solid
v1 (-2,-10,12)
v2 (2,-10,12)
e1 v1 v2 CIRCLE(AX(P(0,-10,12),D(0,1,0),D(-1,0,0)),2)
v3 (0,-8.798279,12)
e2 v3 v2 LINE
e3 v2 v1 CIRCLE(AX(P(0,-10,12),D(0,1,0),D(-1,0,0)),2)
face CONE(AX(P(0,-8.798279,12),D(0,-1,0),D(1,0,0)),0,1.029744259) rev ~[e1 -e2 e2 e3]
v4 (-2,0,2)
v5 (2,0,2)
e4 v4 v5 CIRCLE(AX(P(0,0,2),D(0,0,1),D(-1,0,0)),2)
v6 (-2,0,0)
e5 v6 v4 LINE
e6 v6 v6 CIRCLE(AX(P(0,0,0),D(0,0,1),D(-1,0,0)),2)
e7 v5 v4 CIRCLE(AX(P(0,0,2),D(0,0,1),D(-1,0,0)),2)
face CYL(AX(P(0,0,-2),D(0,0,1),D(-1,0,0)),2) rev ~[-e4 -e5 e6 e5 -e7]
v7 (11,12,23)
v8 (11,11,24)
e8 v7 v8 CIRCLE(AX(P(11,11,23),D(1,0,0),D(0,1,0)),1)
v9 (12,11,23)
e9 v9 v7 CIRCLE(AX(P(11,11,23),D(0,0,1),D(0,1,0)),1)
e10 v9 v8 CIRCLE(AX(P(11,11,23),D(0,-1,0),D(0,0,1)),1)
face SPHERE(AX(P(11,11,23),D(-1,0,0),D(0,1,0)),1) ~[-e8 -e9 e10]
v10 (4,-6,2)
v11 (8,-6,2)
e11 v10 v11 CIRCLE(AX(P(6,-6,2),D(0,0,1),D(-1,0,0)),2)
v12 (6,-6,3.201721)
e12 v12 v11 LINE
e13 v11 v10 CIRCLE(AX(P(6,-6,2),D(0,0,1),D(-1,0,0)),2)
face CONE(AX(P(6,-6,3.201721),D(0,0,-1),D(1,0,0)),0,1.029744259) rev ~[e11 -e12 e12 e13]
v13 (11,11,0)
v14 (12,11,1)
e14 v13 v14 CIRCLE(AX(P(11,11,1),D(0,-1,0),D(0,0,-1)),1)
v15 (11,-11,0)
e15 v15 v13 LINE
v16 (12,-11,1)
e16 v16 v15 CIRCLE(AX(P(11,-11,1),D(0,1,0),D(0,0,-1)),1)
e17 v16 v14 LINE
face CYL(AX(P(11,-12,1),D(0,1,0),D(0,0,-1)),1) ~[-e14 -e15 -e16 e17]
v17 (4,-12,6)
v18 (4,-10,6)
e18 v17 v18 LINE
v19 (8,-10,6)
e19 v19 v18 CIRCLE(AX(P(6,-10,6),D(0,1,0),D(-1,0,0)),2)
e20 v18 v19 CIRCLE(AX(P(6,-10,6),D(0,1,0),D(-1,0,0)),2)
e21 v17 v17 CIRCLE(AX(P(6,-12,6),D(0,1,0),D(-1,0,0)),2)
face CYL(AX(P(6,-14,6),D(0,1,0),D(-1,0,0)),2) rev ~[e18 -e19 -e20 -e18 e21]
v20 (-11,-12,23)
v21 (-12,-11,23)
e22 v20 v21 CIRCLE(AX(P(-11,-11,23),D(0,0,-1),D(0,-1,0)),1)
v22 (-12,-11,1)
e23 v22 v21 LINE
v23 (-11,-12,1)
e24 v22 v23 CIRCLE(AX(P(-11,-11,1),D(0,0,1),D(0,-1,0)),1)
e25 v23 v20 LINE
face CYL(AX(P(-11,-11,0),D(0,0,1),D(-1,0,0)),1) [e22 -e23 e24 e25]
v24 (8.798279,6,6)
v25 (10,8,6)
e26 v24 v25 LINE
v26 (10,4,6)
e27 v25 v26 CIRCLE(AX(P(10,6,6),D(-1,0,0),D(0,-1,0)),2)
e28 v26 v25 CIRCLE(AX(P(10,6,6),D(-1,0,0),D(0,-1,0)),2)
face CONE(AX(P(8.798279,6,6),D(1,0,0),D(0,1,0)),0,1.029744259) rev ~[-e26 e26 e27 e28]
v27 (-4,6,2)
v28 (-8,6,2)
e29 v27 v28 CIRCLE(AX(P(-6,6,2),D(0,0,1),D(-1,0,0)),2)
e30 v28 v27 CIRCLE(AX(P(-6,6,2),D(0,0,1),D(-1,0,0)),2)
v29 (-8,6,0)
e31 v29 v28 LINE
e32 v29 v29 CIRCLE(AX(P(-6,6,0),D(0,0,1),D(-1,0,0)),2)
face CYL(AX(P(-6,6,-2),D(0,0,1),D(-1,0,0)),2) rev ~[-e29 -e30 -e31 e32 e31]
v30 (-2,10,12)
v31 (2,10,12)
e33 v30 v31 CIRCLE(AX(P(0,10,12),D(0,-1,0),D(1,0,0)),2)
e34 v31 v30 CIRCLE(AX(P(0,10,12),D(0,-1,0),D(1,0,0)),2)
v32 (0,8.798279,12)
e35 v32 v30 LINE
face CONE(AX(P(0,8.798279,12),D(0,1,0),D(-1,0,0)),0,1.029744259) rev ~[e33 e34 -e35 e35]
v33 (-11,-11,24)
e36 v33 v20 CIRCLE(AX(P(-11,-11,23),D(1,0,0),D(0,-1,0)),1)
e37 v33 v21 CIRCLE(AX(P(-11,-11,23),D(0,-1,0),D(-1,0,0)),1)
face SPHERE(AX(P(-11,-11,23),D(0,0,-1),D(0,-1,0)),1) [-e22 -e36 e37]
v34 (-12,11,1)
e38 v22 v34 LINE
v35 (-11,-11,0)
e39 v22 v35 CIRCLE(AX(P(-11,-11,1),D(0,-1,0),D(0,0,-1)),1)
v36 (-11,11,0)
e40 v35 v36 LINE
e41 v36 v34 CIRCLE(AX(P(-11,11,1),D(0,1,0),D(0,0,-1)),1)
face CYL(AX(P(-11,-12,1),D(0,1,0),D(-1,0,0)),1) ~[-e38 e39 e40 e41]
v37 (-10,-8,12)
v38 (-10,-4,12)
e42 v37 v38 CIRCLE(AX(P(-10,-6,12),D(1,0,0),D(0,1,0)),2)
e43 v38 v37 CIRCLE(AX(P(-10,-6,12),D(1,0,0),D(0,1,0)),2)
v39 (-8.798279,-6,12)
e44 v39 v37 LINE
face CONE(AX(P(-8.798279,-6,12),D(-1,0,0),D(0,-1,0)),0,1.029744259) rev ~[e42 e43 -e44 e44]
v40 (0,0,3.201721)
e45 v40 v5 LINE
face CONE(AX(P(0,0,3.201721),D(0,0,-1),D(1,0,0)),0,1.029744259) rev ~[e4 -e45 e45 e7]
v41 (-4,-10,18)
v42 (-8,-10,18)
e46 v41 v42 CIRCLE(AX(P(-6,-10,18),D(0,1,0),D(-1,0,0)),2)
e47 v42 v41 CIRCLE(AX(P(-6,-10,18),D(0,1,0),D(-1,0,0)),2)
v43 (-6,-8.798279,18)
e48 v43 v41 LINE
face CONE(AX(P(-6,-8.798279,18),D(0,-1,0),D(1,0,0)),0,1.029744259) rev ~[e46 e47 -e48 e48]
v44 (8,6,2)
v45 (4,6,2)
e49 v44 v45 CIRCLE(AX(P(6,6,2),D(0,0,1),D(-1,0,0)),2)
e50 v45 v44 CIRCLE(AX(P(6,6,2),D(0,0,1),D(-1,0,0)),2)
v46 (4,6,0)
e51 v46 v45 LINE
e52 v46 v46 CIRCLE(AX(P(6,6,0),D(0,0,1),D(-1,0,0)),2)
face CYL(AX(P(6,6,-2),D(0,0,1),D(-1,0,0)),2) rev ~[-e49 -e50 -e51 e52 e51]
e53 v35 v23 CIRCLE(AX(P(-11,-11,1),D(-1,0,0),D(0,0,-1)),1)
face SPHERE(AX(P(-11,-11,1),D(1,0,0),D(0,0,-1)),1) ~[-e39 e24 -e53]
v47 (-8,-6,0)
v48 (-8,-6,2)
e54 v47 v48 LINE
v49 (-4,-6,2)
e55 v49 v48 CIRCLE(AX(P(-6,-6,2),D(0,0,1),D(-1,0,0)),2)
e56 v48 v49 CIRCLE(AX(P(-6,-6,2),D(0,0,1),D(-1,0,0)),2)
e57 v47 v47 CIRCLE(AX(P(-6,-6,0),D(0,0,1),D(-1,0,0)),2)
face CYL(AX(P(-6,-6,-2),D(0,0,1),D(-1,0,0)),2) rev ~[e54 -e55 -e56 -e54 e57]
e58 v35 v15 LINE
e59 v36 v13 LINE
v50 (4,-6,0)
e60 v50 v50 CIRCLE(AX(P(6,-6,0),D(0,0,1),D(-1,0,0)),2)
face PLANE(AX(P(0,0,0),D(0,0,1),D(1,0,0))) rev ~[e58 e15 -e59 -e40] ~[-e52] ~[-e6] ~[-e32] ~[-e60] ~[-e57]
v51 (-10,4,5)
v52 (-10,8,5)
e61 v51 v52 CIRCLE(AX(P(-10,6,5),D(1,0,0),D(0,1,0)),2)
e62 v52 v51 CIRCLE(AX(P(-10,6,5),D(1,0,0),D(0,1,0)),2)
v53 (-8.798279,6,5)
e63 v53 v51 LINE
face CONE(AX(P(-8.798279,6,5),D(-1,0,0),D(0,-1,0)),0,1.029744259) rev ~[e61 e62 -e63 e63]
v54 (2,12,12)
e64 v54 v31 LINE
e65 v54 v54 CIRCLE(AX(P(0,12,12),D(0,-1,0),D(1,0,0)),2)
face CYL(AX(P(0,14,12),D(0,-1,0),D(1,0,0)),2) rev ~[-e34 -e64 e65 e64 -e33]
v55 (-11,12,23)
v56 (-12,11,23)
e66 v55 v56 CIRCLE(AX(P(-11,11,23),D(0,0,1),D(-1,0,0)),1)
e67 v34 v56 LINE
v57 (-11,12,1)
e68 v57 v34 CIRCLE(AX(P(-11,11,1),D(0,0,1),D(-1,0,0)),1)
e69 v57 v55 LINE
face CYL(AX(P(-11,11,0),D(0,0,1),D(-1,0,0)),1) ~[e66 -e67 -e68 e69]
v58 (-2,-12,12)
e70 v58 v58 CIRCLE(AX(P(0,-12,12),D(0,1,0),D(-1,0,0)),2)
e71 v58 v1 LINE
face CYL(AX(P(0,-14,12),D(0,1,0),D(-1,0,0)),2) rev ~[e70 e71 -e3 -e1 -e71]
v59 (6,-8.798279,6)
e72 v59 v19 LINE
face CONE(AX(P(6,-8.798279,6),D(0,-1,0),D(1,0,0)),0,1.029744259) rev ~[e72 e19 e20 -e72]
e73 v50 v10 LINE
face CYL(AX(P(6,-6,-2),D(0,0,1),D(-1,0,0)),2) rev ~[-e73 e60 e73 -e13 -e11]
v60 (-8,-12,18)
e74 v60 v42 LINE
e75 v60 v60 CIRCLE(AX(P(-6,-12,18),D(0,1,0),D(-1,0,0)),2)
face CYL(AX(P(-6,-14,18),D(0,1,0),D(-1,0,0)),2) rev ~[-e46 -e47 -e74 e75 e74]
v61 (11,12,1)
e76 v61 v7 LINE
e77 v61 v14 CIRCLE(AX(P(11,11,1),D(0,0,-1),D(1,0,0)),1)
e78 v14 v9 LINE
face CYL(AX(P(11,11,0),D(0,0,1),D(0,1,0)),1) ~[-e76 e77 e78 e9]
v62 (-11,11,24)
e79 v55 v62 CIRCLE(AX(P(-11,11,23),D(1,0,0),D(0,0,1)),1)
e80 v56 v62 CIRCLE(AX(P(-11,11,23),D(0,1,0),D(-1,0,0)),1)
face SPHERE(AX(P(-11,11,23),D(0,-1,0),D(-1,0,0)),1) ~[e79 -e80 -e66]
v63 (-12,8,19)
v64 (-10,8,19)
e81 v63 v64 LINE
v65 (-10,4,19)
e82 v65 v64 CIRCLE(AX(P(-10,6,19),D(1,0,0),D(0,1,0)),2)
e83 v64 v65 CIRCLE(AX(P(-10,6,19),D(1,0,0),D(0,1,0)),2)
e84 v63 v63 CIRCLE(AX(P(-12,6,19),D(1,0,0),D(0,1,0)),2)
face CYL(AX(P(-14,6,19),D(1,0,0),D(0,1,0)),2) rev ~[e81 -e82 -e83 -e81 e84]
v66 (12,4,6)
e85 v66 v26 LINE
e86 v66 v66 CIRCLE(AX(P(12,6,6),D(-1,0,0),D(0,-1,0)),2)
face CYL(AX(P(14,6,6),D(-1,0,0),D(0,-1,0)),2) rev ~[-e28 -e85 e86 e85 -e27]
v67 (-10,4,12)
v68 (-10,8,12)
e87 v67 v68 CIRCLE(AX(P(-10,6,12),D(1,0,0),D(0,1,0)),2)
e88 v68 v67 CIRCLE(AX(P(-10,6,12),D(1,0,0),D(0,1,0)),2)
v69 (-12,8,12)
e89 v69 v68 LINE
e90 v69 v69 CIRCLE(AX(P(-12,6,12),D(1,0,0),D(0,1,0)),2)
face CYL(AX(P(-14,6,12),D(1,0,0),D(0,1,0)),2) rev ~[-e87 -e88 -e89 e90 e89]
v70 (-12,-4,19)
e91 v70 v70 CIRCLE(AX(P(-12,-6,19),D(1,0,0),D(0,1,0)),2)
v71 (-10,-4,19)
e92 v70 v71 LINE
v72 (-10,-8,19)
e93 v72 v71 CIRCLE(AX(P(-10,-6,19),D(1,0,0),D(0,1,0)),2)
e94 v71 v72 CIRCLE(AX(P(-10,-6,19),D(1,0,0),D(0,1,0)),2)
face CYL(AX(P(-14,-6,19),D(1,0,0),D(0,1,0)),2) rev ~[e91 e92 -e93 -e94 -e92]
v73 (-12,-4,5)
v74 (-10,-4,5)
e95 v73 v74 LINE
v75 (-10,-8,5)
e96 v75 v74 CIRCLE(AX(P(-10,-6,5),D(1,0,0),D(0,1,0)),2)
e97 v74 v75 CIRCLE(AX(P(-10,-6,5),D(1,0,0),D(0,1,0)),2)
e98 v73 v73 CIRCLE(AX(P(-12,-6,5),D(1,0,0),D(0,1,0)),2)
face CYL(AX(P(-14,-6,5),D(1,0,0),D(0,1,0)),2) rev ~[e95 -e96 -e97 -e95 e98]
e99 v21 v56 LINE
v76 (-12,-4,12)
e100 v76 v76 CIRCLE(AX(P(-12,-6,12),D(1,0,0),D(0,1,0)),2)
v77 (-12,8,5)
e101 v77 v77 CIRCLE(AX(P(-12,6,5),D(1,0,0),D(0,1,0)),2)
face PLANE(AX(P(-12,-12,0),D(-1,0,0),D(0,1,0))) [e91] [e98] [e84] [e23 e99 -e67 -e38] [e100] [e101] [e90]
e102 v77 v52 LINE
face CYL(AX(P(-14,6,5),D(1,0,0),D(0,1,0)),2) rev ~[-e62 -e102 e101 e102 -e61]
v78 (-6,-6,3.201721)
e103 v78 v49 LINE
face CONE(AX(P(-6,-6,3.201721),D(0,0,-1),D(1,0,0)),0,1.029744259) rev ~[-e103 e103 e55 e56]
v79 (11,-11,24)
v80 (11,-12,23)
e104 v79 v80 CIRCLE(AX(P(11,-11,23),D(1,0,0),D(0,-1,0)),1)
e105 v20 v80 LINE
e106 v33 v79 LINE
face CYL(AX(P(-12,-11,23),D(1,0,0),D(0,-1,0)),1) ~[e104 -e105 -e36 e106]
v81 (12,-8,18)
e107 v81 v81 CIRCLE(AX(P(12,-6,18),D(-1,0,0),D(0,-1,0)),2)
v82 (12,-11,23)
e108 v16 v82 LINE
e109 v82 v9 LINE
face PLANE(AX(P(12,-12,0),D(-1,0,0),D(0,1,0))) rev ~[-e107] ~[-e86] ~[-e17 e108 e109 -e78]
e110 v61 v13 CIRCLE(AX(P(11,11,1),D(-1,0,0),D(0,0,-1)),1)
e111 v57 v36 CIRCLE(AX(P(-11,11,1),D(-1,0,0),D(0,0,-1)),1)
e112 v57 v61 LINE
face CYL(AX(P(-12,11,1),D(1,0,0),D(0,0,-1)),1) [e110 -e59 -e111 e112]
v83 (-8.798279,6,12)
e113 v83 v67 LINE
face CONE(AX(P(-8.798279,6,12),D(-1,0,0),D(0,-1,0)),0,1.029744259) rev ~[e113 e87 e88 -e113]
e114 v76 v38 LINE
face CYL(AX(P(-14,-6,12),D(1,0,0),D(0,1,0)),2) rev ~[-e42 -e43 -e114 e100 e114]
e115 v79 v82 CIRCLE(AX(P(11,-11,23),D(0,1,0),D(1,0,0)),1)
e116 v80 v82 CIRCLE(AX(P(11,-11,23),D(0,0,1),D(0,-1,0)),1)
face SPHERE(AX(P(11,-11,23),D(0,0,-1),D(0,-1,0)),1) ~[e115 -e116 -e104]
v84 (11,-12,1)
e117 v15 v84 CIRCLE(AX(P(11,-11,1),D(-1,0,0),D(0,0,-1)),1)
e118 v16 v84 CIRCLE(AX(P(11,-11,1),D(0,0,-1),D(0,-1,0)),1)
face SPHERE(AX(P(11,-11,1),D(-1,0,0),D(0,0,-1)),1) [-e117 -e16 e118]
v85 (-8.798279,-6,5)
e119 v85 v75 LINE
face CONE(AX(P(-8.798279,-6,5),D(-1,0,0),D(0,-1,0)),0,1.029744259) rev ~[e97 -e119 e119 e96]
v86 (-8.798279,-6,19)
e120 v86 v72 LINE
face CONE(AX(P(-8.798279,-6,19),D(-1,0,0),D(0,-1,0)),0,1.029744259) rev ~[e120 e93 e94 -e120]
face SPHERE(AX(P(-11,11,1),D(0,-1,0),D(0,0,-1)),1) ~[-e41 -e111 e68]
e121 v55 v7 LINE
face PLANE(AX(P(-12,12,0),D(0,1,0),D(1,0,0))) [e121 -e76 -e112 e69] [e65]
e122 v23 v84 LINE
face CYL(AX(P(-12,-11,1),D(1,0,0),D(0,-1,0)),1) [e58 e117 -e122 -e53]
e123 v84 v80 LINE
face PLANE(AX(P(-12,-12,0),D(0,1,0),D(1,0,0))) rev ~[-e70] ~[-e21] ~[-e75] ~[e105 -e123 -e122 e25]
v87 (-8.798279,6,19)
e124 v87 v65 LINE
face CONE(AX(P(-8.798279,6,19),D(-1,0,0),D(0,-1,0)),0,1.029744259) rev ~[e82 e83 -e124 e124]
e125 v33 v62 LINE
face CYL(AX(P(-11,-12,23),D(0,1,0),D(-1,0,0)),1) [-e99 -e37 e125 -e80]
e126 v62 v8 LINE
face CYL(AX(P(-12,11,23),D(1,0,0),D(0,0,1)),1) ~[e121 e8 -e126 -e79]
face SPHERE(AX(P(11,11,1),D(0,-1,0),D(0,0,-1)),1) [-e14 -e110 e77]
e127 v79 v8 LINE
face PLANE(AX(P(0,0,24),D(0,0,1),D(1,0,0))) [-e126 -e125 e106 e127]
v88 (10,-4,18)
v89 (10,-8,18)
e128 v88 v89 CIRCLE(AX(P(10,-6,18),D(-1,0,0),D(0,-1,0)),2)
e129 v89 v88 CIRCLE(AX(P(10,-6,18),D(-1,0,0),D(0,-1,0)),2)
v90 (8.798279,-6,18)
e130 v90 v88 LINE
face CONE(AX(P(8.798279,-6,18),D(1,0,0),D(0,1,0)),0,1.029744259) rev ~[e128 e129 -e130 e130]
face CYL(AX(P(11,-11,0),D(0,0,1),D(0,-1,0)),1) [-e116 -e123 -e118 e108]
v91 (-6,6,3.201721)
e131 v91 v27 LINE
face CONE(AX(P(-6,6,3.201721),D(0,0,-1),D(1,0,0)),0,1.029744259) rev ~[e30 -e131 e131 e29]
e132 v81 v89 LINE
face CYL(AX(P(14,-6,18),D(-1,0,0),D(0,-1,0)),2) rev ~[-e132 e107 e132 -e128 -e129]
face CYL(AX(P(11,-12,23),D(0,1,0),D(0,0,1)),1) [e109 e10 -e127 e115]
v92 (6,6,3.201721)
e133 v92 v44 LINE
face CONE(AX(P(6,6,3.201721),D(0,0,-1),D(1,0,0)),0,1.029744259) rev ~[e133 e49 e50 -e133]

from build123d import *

# Parameters (mm, degrees)
F0_W           = 24
F0_H           = 24
F0_R           = 2
F1_DEPTH       = 24
F6_D           = 4
F6_DEPTH       = 2
F6_TIP         = 1.2017212381
F7_D           = 4
F7_DEPTH       = 2
F7_TIP         = 1.2017212381
F8_D           = 4
F8_DEPTH       = 2
F8_TIP         = 1.2017212381
F9_D           = 4
F9_DEPTH       = 2
F9_TIP         = 1.2017212381
F9_ON_F5_D     = 4
F9_ON_F5_DEPTH = 2
F9_ON_F5_TIP   = 1.2017212381
F10_R          = 1


with BuildPart() as f1:
    # F0 (on Top) → F1 (new body)
    with BuildSketch(Plane.XY):
        Rectangle(F0_W, F0_H)
        with Locations((-6, -6)):
            Circle(F0_R, mode=Mode.SUBTRACT)
        with Locations((6, -6)):
            Circle(F0_R, mode=Mode.SUBTRACT)
        with Locations((-6, 6)):
            Circle(F0_R, mode=Mode.SUBTRACT)
        Circle(F0_R, mode=Mode.SUBTRACT)
        with Locations((6, 6)):
            Circle(F0_R, mode=Mode.SUBTRACT)
        with Locations((6, 6)):
            Circle(F0_R)
        with Locations((-6, 6)):
            Circle(F0_R)
        Circle(F0_R)
        with Locations((-6, -6)):
            Circle(F0_R)
        with Locations((6, -6)):
            Circle(F0_R)
    extrude(amount=F1_DEPTH)

    # F6
    with Locations(Plane.XZ.offset(12)):
        with Locations((-6, 18), (0, 12), (6, 6)):
            Hole(F6_D / 2, depth=F6_DEPTH)
            with Locations((0, 0, -(F6_DEPTH + F6_TIP / 2))):  # 118° drill point
                Cone(0, F6_D / 2, F6_TIP, mode=Mode.SUBTRACT)

    # F7
    with Locations(Plane(origin=(-12, 0, 0), x_dir=(0, -1, 0), z_dir=(-1, 0, 0))):
        with Locations((6, 19), (6, 12), (6, 5), (-6, 19), (-6, 12), (-6, 5)):
            Hole(F7_D / 2, depth=F7_DEPTH)
            with Locations((0, 0, -(F7_DEPTH + F7_TIP / 2))):  # 118° drill point
                Cone(0, F7_D / 2, F7_TIP, mode=Mode.SUBTRACT)

    # F8
    with Locations(Plane(origin=(0, 0, 0), x_dir=(1, 0, 0), z_dir=(0, 0, -1))):
        with Locations((-6, 6), (6, 6), (-6, -6), (6, -6), (0, 0)):
            Hole(F8_D / 2, depth=F8_DEPTH)
            with Locations((0, 0, -(F8_DEPTH + F8_TIP / 2))):  # 118° drill point
                Cone(0, F8_D / 2, F8_TIP, mode=Mode.SUBTRACT)

    # F9
    with Locations(Plane.YZ.offset(12)):
        with Locations((-6, 18), (6, 6)):
            Hole(F9_D / 2, depth=F9_DEPTH)
            with Locations((0, 0, -(F9_DEPTH + F9_TIP / 2))):  # 118° drill point
                Cone(0, F9_D / 2, F9_TIP, mode=Mode.SUBTRACT)

    # F9 on F5
    with Locations(Plane(origin=(0, 12, 0), x_dir=(-1, 0, 0), z_dir=(0, 1, 0))):
        with Locations((0, 12)):
            Hole(F9_ON_F5_D / 2, depth=F9_ON_F5_DEPTH)
            with Locations((0, 0, -(F9_ON_F5_DEPTH + F9_ON_F5_TIP / 2))):  # 118° drill point
                Cone(0, F9_ON_F5_D / 2, F9_ON_F5_TIP, mode=Mode.SUBTRACT)

    # F10
    f10_edges = [f1.edges().sort_by_distance(p)[0] for p in [
        (0, -12, 0),
        (-12, 0, 0),
        (-12, -12, 12),
        (12, 0, 0),
        (0, 12, 0),
        (12, -12, 12),
        (0, -12, 24),
        (-12, 0, 24),
        (-12, 12, 12),
        (0, 12, 24),
        (12, 12, 12),
        (12, 0, 24),
    ]]
    fillet(f10_edges, radius=F10_R)


solid = f1.part
